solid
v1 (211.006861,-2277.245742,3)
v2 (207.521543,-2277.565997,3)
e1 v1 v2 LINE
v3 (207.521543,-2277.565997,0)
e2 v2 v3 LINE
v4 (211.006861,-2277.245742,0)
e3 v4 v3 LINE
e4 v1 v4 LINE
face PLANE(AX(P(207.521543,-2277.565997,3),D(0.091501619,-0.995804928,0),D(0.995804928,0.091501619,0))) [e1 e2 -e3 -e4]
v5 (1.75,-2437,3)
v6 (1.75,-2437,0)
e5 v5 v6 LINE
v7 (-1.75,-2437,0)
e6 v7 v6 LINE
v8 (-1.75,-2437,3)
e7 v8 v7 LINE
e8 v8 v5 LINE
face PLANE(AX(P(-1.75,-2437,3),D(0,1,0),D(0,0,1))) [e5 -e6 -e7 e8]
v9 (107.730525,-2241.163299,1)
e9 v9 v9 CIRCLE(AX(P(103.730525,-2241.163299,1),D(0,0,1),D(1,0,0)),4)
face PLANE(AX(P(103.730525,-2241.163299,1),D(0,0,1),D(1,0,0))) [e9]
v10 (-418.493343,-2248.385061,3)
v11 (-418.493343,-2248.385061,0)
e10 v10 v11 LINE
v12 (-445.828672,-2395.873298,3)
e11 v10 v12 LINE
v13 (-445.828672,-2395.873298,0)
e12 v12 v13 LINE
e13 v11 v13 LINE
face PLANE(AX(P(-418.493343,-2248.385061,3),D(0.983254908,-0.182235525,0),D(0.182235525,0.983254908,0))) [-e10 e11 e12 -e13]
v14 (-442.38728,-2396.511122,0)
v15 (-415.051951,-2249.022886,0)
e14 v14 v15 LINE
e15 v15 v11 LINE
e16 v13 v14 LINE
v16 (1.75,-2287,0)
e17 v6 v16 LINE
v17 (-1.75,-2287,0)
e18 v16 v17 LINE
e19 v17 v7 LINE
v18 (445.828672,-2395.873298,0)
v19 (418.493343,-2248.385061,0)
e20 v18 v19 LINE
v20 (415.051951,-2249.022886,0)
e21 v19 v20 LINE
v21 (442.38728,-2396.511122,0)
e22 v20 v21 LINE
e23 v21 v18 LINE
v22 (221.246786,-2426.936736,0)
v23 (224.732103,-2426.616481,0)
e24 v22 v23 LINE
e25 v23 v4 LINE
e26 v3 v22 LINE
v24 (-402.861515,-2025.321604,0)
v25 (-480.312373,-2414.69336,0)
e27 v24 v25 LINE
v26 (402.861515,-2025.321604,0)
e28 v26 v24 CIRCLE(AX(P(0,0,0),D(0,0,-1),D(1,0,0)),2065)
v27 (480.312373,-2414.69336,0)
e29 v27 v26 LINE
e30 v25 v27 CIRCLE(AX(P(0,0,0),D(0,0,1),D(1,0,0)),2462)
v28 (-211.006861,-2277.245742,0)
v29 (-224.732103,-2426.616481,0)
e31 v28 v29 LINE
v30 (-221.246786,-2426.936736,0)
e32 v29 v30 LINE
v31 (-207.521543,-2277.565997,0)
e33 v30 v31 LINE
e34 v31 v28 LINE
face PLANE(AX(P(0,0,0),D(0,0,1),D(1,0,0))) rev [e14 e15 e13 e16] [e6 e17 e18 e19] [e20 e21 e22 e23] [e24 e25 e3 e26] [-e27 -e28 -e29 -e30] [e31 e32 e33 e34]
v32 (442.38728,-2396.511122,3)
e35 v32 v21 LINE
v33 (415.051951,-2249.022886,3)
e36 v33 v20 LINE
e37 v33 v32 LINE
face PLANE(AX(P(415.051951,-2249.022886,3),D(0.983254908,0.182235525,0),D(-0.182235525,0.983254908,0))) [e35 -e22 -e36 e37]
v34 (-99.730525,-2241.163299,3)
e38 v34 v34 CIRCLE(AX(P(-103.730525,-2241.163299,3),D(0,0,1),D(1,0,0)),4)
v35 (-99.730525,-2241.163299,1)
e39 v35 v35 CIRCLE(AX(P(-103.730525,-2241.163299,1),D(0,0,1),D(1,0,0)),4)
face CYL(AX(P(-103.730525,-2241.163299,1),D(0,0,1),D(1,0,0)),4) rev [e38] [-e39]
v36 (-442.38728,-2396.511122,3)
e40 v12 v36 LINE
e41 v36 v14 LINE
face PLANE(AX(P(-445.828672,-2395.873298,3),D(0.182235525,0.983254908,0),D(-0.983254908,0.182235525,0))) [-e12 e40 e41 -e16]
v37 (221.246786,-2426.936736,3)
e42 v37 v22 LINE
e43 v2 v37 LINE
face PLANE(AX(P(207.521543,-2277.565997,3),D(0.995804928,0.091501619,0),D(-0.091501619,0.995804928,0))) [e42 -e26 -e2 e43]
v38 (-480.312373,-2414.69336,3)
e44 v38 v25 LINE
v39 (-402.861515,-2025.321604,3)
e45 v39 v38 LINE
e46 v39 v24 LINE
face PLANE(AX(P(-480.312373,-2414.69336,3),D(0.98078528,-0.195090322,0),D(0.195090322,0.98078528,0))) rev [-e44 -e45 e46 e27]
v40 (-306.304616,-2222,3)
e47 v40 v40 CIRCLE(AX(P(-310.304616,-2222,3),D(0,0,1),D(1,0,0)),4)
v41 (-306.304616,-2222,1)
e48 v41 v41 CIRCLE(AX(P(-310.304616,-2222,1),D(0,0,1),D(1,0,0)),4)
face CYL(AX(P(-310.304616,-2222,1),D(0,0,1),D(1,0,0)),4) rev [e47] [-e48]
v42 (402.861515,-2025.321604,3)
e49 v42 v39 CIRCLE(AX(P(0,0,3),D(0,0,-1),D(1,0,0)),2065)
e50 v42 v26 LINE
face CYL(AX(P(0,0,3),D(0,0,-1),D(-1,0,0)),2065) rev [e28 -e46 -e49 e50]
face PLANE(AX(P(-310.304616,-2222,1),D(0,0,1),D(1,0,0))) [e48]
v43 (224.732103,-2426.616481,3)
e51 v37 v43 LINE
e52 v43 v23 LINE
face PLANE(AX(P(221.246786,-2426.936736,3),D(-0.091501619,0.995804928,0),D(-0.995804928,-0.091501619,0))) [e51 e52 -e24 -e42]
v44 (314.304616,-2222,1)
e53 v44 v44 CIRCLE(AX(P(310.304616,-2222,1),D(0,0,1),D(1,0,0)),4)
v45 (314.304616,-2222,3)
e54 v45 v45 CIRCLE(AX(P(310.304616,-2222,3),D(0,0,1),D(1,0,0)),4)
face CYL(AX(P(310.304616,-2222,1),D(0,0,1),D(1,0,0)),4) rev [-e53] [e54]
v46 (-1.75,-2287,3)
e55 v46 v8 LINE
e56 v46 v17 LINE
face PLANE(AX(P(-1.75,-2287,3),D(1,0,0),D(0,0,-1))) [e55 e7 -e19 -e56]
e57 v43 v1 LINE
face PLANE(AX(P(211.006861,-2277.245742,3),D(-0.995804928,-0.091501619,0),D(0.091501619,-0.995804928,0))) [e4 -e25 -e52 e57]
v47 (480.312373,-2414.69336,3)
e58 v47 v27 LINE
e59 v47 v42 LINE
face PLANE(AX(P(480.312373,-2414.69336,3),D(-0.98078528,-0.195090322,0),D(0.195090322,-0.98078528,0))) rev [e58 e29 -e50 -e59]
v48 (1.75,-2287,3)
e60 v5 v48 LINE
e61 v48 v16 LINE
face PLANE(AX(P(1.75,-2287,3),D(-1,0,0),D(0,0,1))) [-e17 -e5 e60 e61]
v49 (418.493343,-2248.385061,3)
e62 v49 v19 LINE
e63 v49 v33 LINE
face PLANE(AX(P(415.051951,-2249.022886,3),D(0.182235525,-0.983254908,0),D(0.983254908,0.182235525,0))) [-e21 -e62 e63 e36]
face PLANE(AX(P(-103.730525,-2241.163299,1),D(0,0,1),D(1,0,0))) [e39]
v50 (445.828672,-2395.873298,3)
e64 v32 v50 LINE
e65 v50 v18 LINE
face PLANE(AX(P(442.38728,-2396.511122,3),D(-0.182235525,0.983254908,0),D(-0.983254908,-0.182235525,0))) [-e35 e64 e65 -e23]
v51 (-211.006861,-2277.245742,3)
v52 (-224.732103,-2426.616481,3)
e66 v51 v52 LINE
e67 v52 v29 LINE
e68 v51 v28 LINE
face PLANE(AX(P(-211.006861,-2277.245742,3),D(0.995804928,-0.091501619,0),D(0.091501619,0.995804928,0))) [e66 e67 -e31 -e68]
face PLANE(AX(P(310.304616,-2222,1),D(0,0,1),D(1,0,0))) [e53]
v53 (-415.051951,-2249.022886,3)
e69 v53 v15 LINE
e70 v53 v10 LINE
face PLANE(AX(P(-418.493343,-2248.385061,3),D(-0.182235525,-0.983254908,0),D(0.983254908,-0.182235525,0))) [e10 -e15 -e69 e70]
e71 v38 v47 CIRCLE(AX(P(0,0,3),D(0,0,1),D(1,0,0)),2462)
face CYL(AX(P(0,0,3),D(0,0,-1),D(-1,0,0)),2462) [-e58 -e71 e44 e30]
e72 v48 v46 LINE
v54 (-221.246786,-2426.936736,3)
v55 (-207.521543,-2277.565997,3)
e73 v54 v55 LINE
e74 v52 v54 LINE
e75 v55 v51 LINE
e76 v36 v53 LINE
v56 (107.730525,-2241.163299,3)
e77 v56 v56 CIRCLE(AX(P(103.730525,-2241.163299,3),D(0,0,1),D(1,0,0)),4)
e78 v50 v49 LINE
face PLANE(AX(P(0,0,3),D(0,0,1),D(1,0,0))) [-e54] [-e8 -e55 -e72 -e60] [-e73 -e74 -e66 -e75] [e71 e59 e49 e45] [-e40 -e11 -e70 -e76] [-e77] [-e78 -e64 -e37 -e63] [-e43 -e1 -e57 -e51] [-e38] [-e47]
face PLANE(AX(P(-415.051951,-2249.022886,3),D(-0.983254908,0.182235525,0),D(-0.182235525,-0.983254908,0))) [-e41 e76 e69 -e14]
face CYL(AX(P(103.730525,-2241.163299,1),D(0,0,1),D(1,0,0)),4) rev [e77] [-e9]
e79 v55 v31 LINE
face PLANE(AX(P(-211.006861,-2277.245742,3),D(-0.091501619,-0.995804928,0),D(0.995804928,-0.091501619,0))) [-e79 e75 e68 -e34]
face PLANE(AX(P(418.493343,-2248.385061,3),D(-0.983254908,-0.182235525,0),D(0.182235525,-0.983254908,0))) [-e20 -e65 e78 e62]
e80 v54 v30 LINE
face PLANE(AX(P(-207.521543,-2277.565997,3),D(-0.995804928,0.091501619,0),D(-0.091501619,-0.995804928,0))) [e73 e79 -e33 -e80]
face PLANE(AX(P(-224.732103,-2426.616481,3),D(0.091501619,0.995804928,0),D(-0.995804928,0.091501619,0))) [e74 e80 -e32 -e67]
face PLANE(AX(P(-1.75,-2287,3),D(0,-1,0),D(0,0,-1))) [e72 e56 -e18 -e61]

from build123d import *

# Parameters (mm, degrees)
SKETCH1_W           = 3.5
SKETCH1_H           = 150
BOSS_EXTRUDE1_DEPTH = 3
SKETCH3_R           = 4
CUT_EXTRUDE1_DEPTH  = 2


with BuildPart() as part:
    # Sketch1 → Boss-Extrude1 (new body)
    with BuildSketch(Plane.XY):
        with BuildLine():
            Line((-480.312372804, -2414.693360353), (-402.861514963, -2025.321604033))
            ThreePointArc((-402.861514963, -2025.321604033), (0, -2065), (402.861514963, -2025.321604033))
            Line((402.861514963, -2025.321604033), (480.312372804, -2414.693360353))
            ThreePointArc((480.312372804, -2414.693360353), (0, -2462), (-480.312372804, -2414.693360353))
        make_face()
        Polygon((-207.52154326, -2277.565997196), (-221.246786059, -2426.936736332), (-224.732103306, -2426.616480667), (-211.006860506, -2277.245741531), align=None, mode=Mode.SUBTRACT)
        with Locations((0, -2362)):
            Rectangle(SKETCH1_W, SKETCH1_H, mode=Mode.SUBTRACT)
        Polygon((-415.051950712, -2249.022885768), (-442.387279536, -2396.511121903), (-445.828671713, -2395.873297564), (-418.493342889, -2248.385061429), align=None, mode=Mode.SUBTRACT)
        Polygon((211.006860506, -2277.245741531), (224.732103306, -2426.616480667), (221.246786059, -2426.936736332), (207.52154326, -2277.565997196), align=None, mode=Mode.SUBTRACT)
        Polygon((418.493342889, -2248.385061429), (445.828671713, -2395.873297564), (442.387279536, -2396.511121903), (415.051950712, -2249.022885768), align=None, mode=Mode.SUBTRACT)
    extrude(amount=BOSS_EXTRUDE1_DEPTH)

    # Sketch3 → Cut-Extrude1 (cut)
    with BuildSketch(Plane.XY.offset(3)):
        with Locations((310.304616094, -2222)):
            Circle(SKETCH3_R)
        with Locations((103.730524899, -2241.163299042)):
            Circle(SKETCH3_R)
        with Locations((-103.730524899, -2241.163299042)):
            Circle(SKETCH3_R)
        with Locations((-310.304616094, -2222)):
            Circle(SKETCH3_R)
    extrude(amount=-CUT_EXTRUDE1_DEPTH, mode=Mode.SUBTRACT)


solid = part.part
